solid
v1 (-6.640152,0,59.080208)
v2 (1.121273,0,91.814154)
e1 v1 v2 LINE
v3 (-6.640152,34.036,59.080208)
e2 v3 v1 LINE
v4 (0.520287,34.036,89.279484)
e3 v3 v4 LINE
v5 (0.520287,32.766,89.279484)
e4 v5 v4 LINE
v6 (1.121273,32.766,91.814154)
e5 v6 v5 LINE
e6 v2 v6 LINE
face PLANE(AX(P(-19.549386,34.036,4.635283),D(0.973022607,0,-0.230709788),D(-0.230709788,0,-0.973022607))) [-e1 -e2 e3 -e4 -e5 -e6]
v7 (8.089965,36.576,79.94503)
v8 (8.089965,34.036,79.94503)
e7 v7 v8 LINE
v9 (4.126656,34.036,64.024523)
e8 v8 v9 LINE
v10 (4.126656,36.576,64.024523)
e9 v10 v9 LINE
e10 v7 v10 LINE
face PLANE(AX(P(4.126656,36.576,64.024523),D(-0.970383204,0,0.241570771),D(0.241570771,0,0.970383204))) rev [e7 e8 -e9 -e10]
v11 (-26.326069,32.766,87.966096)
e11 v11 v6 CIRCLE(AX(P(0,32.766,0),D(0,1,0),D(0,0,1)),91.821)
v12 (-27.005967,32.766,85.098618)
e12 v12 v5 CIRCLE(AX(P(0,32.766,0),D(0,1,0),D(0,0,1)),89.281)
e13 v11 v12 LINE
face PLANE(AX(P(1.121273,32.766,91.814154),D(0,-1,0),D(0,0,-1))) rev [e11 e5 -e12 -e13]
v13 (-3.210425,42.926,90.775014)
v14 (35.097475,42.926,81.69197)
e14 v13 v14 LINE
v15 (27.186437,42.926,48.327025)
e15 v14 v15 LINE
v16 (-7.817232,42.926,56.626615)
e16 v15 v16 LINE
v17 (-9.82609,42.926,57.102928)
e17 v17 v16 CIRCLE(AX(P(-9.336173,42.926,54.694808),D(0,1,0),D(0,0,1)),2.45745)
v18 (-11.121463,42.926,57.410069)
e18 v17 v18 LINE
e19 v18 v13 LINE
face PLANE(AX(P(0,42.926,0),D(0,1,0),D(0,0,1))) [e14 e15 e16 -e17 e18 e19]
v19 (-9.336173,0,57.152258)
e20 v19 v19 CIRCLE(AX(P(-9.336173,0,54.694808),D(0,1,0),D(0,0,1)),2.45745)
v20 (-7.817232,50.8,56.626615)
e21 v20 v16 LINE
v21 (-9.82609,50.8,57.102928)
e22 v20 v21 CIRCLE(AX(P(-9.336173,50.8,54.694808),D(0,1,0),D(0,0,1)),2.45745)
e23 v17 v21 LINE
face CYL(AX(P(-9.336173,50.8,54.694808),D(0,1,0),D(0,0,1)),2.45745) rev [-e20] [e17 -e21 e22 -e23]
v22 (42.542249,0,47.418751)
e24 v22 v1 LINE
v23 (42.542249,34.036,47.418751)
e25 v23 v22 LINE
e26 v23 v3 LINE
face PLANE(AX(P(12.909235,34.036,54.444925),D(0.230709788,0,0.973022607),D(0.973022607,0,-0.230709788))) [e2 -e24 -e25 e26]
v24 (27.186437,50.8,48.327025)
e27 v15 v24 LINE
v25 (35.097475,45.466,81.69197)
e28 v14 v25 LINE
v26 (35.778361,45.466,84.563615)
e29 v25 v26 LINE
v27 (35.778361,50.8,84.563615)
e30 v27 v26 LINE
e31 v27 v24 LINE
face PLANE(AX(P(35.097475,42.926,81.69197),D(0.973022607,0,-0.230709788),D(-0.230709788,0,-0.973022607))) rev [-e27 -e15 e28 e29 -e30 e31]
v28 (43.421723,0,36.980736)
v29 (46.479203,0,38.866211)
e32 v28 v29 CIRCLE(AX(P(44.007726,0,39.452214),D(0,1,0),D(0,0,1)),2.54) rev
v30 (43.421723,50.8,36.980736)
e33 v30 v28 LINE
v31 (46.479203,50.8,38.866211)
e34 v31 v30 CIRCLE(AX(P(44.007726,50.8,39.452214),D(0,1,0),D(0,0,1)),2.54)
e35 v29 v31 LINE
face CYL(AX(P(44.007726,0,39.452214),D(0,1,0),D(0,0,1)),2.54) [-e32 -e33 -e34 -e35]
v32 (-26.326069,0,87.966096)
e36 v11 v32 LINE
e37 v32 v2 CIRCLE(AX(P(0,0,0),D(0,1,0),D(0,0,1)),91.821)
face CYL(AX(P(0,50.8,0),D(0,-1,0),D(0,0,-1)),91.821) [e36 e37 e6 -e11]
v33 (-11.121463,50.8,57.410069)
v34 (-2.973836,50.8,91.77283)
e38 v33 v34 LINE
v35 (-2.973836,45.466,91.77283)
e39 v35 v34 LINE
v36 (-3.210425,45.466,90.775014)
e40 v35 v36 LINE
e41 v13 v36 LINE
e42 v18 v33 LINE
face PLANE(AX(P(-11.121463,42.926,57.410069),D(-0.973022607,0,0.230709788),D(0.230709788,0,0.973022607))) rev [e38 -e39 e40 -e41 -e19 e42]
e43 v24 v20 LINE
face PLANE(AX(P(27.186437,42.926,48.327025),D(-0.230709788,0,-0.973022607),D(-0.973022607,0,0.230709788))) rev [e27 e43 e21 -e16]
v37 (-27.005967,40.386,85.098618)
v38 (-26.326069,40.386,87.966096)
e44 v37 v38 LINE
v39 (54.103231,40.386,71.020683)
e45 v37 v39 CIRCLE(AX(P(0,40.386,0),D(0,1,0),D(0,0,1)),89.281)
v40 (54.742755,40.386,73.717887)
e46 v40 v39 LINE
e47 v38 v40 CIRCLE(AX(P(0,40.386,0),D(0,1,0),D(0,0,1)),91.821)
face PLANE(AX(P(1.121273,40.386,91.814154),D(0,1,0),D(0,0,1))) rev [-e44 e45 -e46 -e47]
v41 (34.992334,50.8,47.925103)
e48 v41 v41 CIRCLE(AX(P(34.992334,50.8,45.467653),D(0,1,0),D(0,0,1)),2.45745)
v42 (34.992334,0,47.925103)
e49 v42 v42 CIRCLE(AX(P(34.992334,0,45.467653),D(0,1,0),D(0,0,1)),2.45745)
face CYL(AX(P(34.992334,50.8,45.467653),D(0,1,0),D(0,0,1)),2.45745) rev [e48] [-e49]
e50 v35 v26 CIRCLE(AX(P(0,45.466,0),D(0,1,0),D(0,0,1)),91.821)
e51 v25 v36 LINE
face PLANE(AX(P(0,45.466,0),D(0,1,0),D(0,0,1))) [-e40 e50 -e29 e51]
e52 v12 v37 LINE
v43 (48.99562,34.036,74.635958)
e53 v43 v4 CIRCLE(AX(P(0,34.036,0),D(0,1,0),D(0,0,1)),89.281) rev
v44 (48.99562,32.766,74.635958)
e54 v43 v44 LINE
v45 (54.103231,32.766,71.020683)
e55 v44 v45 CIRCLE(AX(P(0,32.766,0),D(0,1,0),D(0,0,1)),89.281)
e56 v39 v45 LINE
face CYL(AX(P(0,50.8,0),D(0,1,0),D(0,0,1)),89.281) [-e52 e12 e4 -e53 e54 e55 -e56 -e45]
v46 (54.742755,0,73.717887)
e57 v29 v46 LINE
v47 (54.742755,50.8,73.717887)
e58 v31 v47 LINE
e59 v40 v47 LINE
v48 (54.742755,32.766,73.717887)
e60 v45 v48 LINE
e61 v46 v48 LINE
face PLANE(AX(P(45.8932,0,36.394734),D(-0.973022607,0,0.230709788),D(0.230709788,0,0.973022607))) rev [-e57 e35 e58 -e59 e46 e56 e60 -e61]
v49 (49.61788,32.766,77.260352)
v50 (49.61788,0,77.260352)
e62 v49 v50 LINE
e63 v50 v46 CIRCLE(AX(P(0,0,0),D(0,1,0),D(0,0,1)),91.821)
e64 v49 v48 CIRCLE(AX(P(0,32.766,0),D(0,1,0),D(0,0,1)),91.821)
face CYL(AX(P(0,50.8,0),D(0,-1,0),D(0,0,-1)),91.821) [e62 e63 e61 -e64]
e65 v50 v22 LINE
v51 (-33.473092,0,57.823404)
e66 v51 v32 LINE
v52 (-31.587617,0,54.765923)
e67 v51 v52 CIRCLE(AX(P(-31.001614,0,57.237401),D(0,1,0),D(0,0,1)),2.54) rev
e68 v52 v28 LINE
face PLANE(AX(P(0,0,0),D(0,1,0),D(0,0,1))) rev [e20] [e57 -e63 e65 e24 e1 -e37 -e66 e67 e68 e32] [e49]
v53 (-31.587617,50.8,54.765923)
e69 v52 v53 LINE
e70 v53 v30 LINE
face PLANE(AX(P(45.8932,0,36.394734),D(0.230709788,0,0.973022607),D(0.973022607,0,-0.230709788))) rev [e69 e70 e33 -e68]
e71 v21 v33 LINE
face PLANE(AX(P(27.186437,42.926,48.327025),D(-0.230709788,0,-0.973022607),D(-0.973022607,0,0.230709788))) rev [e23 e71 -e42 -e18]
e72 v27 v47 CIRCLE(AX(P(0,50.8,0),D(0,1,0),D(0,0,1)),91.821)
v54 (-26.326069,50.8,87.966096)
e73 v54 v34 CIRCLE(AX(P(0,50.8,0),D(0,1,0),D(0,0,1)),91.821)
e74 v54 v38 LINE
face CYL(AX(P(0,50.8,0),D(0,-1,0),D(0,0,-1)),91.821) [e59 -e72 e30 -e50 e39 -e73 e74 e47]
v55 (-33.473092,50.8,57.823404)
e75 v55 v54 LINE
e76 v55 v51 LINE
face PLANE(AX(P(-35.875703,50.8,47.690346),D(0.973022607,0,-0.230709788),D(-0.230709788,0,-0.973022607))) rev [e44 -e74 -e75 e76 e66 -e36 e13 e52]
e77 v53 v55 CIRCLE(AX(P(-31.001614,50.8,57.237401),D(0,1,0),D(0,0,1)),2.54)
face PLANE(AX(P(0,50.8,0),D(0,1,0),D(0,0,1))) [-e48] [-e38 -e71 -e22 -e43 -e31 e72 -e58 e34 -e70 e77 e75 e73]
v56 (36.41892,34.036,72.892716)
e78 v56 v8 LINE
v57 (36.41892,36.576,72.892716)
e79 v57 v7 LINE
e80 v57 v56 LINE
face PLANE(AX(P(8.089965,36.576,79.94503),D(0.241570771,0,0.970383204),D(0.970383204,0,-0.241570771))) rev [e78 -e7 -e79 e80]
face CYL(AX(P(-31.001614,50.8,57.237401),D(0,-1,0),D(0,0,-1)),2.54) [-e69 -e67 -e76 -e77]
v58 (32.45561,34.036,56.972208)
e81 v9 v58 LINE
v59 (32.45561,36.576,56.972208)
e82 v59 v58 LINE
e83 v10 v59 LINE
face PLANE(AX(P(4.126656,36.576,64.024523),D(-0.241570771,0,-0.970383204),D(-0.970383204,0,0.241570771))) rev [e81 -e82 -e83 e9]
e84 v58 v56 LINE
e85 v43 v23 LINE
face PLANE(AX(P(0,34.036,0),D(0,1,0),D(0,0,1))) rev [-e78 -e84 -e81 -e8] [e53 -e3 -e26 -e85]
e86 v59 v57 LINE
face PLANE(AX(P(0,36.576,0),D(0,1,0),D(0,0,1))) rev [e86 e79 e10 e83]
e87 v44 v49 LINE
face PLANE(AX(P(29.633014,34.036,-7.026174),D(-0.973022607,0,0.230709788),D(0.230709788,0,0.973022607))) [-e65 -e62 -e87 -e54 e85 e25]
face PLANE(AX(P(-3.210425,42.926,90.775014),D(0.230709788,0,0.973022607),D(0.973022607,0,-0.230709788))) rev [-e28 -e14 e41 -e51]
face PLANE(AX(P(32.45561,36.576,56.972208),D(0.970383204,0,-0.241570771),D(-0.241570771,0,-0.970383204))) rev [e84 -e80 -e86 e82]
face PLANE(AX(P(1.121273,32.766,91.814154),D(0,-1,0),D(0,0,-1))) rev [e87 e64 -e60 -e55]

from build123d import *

# Parameters (mm, degrees)
BOSS_EXTRUDE1_DEPTH          = 50.8
CUT_EXTRUDE1_START           = -50.8
CUT_EXTRUDE1_DEPTH           = 34.036
SKETCH10_W                   = 50.546
SKETCH10_H                   = 34.036
CUT_EXTRUDE3_DEPTH           = 20.734311378
CUT_EXTRUDE4_DEPTH           = 2.54
CUT_EXTRUDE5_DEPTH           = 7.874
FILLET1_R                    = 2.54
FILLET2_R                    = 2.54
CUT_EXTRUDE6_DEPTH           = 51.8
F_10_0_1935_DIAMETER_HOLE1_D = 4.9149
FILLET3_R                    = 2.54
CUT_EXTRUDE7_DEPTH           = 5.334
SKETCH18_W                   = 7.62
SKETCH18_H                   = 2.54


with BuildPart() as part:
    # Sketch1 → Boss-Extrude1 (new body)
    with BuildSketch(Plane(origin=(0, 0, 0), x_dir=(1, 0, 0), z_dir=(0, 1, 0))):
        with BuildLine():
            Line((63.017839503, -66.782093), (53.468205472, -26.506342671))
            Line((53.468205472, -26.506342671), (-35.875703335, -47.690346072))
            Line((-35.875703335, -47.690346072), (-26.326069304, -87.966096401))
            ThreePointArc((-26.326069304, -87.966096401), (21.184003401, -89.343908807), (63.017839503, -66.782093))
        make_face()
    extrude(amount=BOSS_EXTRUDE1_DEPTH)

    # Sketch2 → Cut-Extrude1 (cut)
    with BuildSketch(Plane(origin=(0, 50.8, 0), x_dir=(1, 0, 0), z_dir=(0, 1, 0)).offset(CUT_EXTRUDE1_START)):
        Polygon((19.413866358, -81.878324539), (49.046880649, -74.852150244), (42.542248899, -47.418750859), (-6.6401518, -59.08020778), (-0.13552005, -86.513607165), align=None)
    extrude(amount=CUT_EXTRUDE1_DEPTH, mode=Mode.SUBTRACT)

    # Sketch10 → Cut-Extrude3 (cut, through all)
    with BuildSketch(Plane(origin=(19.413866358, 0, 81.878324539), x_dir=(-0.973022607, 0, 0.230709788), z_dir=(-0.230709788, 0, -0.973022607))):
        with Locations((-5.1816, 17.018)):
            Rectangle(SKETCH10_W, SKETCH10_H)
    extrude(amount=-CUT_EXTRUDE3_DEPTH, mode=Mode.SUBTRACT)

    # Sketch11 → Cut-Extrude4 (cut)
    with BuildSketch(Plane.XZ.offset(-34.036)):
        Polygon((4.126655542, 64.024522649), (32.455610184, 56.972208264), (36.418920031, 72.892715879), (8.089965389, 79.945030264), align=None)
    extrude(amount=-CUT_EXTRUDE4_DEPTH, mode=Mode.SUBTRACT)

    # Sketch12 → Cut-Extrude5 (cut)
    with BuildSketch(Plane(origin=(0, 50.8, 0), x_dir=(1, 0, 0), z_dir=(0, 1, 0))):
        Polygon((-3.21042467, -90.775014105), (35.097475372, -81.69196977), (27.186436757, -48.327024572), (-11.121463285, -57.410068908), align=None)
    extrude(amount=-CUT_EXTRUDE5_DEPTH, mode=Mode.SUBTRACT)

    # Fillet1
    fillet1_edges = [part.edges().sort_by_distance(p)[0] for p in [
        (53.468205472, 25.4, 26.506342671),
    ]]
    fillet(fillet1_edges, radius=FILLET1_R)

    # Fillet2
    fillet2_edges = [part.edges().sort_by_distance(p)[0] for p in [
        (-35.875703335, 25.4, 47.690346072),
    ]]
    fillet(fillet2_edges, radius=FILLET2_R)

    # Sketch13 → Cut-Extrude6 (cut, through all)
    with BuildSketch(Plane(origin=(0, 50.8, 0), x_dir=(1, 0, 0), z_dir=(0, 1, 0))):
        Polygon((56.792853338, -82.364213599), (69.150240448, -79.434199297), (54.970742259, -19.631915037), (-50.56134592, -44.654237709), (-47.281500933, -58.487041918), (45.893200136, -36.394733549), align=None)
    extrude(amount=-CUT_EXTRUDE6_DEPTH, mode=Mode.SUBTRACT)

    # #10 (0.1935) Diameter Hole1 (through all)
    with Locations(Plane(origin=(0, 50.8, 0), x_dir=(1, 0, 0), z_dir=(0, 1, 0))):
        with Locations((-9.336173019, -54.694807642), (34.992334459, -45.467652744)):
            Hole(F_10_0_1935_DIAMETER_HOLE1_D / 2)

    # Fillet3
    fillet3_edges = [part.edges().sort_by_distance(p)[0] for p in [
        (-34.059094468, 25.4, 55.35192608),
        (45.893200136, 25.4, 36.394733549),
    ]]
    fillet(fillet3_edges, radius=FILLET3_R)

    # Sketch17 → Cut-Extrude7 (cut)
    with BuildSketch(Plane(origin=(0, 50.8, 0), x_dir=(1, 0, 0), z_dir=(0, 1, 0))):
        Polygon((-5.287837916, -82.013487021), (33.020062126, -72.930442686), (37.24926209, -90.767168294), (-1.058637951, -99.850212629), align=None)
    extrude(amount=-CUT_EXTRUDE7_DEPTH, mode=Mode.SUBTRACT)

    # Sketch18 → Cut-Revolve1 (revolve, cut)
    with BuildSketch(Plane(origin=(0, 0, 0), x_dir=(0, 1, 0), z_dir=(0.999925437, 0, -0.012211508))):
        with Locations((36.576, 90.551)):
            Rectangle(SKETCH18_W, SKETCH18_H)
    revolve(axis=Axis((0, 50.8, 0), (0, -1, 0)), mode=Mode.SUBTRACT)


solid = part.part
